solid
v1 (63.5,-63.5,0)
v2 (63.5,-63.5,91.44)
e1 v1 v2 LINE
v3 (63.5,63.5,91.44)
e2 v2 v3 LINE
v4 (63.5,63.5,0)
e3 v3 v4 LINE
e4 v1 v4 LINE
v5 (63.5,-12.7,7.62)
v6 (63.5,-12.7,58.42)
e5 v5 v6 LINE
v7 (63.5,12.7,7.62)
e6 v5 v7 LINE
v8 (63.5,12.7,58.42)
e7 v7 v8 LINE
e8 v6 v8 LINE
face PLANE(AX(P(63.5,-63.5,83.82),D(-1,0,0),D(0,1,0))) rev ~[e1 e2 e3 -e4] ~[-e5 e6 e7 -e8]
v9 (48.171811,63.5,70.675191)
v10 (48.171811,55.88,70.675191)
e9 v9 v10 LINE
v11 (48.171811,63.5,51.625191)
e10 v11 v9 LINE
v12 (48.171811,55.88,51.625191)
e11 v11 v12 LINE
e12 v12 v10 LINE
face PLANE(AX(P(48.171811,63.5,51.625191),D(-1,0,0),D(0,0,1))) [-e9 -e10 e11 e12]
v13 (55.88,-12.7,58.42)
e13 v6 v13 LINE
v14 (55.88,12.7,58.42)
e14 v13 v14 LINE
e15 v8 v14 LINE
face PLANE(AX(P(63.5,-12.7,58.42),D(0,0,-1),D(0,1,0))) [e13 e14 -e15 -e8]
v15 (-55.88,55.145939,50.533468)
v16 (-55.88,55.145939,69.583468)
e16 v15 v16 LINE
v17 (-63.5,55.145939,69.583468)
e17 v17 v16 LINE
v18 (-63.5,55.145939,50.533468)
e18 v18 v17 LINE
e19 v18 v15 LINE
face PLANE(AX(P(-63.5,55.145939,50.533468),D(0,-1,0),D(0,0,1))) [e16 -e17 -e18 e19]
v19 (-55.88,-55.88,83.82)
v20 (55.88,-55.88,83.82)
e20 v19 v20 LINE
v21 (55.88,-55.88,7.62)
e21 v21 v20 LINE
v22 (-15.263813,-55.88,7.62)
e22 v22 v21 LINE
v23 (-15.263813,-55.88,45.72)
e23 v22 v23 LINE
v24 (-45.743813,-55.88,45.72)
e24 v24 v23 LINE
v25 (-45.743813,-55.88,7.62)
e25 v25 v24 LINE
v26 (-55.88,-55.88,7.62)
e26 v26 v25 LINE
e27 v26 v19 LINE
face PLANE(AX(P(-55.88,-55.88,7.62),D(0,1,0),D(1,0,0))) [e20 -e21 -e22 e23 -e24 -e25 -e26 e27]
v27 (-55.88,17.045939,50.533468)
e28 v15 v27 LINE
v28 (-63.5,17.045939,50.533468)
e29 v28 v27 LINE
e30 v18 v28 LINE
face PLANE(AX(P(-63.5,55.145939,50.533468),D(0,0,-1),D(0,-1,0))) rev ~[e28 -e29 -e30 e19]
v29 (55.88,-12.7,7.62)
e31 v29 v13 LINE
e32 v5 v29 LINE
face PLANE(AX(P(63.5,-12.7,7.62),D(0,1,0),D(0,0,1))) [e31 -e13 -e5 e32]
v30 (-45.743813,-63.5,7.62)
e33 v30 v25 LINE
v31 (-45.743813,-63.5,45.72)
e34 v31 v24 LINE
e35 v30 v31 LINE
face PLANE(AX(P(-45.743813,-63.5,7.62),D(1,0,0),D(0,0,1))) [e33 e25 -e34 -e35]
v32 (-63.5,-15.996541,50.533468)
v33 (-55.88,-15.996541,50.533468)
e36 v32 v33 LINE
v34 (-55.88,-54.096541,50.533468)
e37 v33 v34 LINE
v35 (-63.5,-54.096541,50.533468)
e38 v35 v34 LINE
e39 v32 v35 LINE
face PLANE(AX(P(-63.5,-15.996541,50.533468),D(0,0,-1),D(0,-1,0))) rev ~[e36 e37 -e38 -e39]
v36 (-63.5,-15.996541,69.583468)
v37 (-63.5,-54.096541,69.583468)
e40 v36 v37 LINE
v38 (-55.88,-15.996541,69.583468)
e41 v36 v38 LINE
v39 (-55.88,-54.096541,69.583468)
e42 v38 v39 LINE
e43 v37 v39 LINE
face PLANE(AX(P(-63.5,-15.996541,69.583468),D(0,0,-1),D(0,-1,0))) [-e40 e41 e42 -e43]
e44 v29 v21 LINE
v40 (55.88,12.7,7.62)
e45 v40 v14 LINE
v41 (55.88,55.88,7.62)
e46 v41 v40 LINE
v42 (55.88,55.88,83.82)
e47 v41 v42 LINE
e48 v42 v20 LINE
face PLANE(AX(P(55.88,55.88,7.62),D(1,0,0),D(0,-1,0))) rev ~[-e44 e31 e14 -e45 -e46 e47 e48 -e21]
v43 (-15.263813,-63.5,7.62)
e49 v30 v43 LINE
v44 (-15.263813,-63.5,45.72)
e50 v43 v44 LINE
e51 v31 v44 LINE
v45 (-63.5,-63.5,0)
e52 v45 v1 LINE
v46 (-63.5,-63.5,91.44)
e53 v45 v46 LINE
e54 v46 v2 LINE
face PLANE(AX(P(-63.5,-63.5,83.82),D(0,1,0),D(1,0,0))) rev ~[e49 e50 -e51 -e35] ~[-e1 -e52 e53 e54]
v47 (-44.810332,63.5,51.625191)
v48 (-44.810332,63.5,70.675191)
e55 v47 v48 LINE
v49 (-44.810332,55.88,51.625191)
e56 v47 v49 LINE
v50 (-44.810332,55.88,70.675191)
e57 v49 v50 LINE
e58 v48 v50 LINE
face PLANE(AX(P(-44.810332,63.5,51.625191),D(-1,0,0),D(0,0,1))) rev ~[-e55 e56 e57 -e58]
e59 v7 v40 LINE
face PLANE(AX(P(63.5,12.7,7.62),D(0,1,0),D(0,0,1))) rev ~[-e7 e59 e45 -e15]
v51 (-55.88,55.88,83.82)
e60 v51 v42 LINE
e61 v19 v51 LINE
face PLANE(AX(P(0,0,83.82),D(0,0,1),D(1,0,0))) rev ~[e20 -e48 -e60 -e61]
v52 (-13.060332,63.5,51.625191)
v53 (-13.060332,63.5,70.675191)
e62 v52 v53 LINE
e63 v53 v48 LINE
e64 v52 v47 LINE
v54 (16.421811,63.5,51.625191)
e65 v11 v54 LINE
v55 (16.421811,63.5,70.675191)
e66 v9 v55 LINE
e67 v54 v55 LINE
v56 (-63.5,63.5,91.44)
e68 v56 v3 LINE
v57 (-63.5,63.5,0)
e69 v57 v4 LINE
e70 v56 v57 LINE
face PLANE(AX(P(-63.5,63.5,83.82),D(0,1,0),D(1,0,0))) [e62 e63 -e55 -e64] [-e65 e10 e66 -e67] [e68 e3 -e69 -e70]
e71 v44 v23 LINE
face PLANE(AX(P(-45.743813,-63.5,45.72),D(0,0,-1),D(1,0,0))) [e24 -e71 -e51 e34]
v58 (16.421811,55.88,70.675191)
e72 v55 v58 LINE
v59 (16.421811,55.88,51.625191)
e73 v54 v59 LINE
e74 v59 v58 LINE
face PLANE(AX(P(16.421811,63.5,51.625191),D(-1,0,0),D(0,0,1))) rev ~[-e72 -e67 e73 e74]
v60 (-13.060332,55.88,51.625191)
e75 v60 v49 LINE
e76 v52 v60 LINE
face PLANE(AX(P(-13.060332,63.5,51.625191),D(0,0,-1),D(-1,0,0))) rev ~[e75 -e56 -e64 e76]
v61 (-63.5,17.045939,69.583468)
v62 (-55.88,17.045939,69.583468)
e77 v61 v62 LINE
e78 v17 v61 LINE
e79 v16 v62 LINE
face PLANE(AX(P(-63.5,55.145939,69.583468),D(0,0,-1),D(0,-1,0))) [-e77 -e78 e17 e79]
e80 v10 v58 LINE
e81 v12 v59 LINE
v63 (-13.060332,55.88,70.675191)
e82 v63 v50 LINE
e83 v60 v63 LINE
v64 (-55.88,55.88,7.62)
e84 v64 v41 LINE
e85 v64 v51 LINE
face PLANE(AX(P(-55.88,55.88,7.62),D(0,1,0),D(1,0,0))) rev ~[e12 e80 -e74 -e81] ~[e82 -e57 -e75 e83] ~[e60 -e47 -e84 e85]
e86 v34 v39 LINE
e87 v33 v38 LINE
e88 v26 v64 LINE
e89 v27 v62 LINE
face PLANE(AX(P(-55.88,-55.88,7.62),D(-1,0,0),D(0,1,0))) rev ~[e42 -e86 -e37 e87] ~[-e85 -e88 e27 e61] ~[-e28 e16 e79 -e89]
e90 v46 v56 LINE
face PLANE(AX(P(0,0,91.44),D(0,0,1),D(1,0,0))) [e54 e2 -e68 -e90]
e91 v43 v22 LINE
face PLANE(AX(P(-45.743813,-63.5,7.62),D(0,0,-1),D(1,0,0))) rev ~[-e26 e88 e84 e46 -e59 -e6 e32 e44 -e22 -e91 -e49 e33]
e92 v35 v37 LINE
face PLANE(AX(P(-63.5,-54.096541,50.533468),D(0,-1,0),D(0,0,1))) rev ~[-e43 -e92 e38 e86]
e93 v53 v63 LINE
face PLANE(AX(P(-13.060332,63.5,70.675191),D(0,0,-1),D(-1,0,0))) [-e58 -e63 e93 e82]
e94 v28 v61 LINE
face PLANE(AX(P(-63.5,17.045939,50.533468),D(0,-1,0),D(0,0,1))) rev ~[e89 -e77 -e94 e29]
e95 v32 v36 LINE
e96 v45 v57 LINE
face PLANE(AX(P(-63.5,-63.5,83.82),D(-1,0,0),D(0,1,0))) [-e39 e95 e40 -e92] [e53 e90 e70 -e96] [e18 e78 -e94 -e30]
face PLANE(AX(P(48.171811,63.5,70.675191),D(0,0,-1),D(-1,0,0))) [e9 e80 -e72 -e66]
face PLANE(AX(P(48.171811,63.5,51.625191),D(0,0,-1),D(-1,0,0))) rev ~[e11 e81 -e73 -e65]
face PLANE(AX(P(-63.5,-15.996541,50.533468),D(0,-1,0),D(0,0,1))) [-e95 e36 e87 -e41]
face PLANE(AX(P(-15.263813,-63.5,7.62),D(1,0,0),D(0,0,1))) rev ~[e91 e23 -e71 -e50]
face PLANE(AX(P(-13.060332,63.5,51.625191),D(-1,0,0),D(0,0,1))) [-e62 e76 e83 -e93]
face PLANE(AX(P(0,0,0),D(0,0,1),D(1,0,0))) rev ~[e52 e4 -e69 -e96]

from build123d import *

# Parameters (mm, degrees)
F0_W      = 127
F0_H      = 127
F1_DEPTH  = 7.62
F2_W      = 111.76
F2_H      = 7.62
F3_DEPTH  = 76.2
F4_W      = 25.4
F4_H      = 50.8
F5_DEPTH  = 7.62
F6_W      = 31.75
F6_H      = 19.05
F7_DEPTH  = 7.62
F8_W      = 38.1
F8_H      = 19.05
F9_DEPTH  = 7.62
F10_W     = 127
F10_H     = 127
F11_DEPTH = 7.62
F12_W     = 30.48
F12_H     = 38.1
F13_DEPTH = 7.62


with BuildPart() as f1:
    # F0 (on Top) → F1 (new body)
    with BuildSketch(Plane.XY):
        Rectangle(F0_W, F0_H)
    extrude(amount=F1_DEPTH)

    # F2 (on face) → F3 (join)
    with BuildSketch(Plane.XY.offset(7.62)):
        Polygon((-55.88, 63.5), (-63.5, 63.5), (-63.5, -63.5), (-55.88, -63.5), (-55.88, -55.88), (-55.88, 55.88), align=None)
        with Locations((0, 59.69)):
            Rectangle(F2_W, F2_H)
        Polygon((63.5, 63.5), (55.88, 63.5), (55.88, 55.88), (55.88, -55.88), (55.88, -63.5), (63.5, -63.5), align=None)
        with Locations((0, -59.69)):
            Rectangle(F2_W, F2_H)
    extrude(amount=F3_DEPTH)

    # F4 (on face) → F5 (cut, through all)
    with BuildSketch(Plane.YZ.offset(63.5)):
        with Locations((0, 33.02)):
            Rectangle(F4_W, F4_H)
    extrude(amount=-F5_DEPTH, mode=Mode.SUBTRACT)

    # F6 (on face) → F7 (cut, through all)
    with BuildSketch(Plane(origin=(0, 63.5, 0), x_dir=(-1, 0, 0), z_dir=(0, 1, 0))):
        with Locations((-32.296811, 61.150191)):
            Rectangle(F6_W, F6_H)
        with Locations((28.935332, 61.150191)):
            Rectangle(F6_W, F6_H)
    extrude(amount=-F7_DEPTH, mode=Mode.SUBTRACT)

    # F8 (on face) → F9 (cut, through all)
    with BuildSketch(Plane(origin=(-63.5, 0, 0), x_dir=(0, -1, 0), z_dir=(-1, 0, 0))):
        with Locations((-36.095939, 60.058468)):
            Rectangle(F8_W, F8_H)
        with Locations((35.046541, 60.058468)):
            Rectangle(F8_W, F8_H)
    extrude(amount=-F9_DEPTH, mode=Mode.SUBTRACT)

    # F10 (on face) → F11 (join)
    with BuildSketch(Plane.XY.offset(83.82)):
        Rectangle(F10_W, F10_H)
    extrude(amount=F11_DEPTH)

    # F12 (on face) → F13 (cut, through all)
    with BuildSketch(Plane.XZ.offset(63.5)):
        with Locations((-30.503813, 26.67)):
            Rectangle(F12_W, F12_H)
    extrude(amount=-F13_DEPTH, mode=Mode.SUBTRACT)


solid = f1.part
